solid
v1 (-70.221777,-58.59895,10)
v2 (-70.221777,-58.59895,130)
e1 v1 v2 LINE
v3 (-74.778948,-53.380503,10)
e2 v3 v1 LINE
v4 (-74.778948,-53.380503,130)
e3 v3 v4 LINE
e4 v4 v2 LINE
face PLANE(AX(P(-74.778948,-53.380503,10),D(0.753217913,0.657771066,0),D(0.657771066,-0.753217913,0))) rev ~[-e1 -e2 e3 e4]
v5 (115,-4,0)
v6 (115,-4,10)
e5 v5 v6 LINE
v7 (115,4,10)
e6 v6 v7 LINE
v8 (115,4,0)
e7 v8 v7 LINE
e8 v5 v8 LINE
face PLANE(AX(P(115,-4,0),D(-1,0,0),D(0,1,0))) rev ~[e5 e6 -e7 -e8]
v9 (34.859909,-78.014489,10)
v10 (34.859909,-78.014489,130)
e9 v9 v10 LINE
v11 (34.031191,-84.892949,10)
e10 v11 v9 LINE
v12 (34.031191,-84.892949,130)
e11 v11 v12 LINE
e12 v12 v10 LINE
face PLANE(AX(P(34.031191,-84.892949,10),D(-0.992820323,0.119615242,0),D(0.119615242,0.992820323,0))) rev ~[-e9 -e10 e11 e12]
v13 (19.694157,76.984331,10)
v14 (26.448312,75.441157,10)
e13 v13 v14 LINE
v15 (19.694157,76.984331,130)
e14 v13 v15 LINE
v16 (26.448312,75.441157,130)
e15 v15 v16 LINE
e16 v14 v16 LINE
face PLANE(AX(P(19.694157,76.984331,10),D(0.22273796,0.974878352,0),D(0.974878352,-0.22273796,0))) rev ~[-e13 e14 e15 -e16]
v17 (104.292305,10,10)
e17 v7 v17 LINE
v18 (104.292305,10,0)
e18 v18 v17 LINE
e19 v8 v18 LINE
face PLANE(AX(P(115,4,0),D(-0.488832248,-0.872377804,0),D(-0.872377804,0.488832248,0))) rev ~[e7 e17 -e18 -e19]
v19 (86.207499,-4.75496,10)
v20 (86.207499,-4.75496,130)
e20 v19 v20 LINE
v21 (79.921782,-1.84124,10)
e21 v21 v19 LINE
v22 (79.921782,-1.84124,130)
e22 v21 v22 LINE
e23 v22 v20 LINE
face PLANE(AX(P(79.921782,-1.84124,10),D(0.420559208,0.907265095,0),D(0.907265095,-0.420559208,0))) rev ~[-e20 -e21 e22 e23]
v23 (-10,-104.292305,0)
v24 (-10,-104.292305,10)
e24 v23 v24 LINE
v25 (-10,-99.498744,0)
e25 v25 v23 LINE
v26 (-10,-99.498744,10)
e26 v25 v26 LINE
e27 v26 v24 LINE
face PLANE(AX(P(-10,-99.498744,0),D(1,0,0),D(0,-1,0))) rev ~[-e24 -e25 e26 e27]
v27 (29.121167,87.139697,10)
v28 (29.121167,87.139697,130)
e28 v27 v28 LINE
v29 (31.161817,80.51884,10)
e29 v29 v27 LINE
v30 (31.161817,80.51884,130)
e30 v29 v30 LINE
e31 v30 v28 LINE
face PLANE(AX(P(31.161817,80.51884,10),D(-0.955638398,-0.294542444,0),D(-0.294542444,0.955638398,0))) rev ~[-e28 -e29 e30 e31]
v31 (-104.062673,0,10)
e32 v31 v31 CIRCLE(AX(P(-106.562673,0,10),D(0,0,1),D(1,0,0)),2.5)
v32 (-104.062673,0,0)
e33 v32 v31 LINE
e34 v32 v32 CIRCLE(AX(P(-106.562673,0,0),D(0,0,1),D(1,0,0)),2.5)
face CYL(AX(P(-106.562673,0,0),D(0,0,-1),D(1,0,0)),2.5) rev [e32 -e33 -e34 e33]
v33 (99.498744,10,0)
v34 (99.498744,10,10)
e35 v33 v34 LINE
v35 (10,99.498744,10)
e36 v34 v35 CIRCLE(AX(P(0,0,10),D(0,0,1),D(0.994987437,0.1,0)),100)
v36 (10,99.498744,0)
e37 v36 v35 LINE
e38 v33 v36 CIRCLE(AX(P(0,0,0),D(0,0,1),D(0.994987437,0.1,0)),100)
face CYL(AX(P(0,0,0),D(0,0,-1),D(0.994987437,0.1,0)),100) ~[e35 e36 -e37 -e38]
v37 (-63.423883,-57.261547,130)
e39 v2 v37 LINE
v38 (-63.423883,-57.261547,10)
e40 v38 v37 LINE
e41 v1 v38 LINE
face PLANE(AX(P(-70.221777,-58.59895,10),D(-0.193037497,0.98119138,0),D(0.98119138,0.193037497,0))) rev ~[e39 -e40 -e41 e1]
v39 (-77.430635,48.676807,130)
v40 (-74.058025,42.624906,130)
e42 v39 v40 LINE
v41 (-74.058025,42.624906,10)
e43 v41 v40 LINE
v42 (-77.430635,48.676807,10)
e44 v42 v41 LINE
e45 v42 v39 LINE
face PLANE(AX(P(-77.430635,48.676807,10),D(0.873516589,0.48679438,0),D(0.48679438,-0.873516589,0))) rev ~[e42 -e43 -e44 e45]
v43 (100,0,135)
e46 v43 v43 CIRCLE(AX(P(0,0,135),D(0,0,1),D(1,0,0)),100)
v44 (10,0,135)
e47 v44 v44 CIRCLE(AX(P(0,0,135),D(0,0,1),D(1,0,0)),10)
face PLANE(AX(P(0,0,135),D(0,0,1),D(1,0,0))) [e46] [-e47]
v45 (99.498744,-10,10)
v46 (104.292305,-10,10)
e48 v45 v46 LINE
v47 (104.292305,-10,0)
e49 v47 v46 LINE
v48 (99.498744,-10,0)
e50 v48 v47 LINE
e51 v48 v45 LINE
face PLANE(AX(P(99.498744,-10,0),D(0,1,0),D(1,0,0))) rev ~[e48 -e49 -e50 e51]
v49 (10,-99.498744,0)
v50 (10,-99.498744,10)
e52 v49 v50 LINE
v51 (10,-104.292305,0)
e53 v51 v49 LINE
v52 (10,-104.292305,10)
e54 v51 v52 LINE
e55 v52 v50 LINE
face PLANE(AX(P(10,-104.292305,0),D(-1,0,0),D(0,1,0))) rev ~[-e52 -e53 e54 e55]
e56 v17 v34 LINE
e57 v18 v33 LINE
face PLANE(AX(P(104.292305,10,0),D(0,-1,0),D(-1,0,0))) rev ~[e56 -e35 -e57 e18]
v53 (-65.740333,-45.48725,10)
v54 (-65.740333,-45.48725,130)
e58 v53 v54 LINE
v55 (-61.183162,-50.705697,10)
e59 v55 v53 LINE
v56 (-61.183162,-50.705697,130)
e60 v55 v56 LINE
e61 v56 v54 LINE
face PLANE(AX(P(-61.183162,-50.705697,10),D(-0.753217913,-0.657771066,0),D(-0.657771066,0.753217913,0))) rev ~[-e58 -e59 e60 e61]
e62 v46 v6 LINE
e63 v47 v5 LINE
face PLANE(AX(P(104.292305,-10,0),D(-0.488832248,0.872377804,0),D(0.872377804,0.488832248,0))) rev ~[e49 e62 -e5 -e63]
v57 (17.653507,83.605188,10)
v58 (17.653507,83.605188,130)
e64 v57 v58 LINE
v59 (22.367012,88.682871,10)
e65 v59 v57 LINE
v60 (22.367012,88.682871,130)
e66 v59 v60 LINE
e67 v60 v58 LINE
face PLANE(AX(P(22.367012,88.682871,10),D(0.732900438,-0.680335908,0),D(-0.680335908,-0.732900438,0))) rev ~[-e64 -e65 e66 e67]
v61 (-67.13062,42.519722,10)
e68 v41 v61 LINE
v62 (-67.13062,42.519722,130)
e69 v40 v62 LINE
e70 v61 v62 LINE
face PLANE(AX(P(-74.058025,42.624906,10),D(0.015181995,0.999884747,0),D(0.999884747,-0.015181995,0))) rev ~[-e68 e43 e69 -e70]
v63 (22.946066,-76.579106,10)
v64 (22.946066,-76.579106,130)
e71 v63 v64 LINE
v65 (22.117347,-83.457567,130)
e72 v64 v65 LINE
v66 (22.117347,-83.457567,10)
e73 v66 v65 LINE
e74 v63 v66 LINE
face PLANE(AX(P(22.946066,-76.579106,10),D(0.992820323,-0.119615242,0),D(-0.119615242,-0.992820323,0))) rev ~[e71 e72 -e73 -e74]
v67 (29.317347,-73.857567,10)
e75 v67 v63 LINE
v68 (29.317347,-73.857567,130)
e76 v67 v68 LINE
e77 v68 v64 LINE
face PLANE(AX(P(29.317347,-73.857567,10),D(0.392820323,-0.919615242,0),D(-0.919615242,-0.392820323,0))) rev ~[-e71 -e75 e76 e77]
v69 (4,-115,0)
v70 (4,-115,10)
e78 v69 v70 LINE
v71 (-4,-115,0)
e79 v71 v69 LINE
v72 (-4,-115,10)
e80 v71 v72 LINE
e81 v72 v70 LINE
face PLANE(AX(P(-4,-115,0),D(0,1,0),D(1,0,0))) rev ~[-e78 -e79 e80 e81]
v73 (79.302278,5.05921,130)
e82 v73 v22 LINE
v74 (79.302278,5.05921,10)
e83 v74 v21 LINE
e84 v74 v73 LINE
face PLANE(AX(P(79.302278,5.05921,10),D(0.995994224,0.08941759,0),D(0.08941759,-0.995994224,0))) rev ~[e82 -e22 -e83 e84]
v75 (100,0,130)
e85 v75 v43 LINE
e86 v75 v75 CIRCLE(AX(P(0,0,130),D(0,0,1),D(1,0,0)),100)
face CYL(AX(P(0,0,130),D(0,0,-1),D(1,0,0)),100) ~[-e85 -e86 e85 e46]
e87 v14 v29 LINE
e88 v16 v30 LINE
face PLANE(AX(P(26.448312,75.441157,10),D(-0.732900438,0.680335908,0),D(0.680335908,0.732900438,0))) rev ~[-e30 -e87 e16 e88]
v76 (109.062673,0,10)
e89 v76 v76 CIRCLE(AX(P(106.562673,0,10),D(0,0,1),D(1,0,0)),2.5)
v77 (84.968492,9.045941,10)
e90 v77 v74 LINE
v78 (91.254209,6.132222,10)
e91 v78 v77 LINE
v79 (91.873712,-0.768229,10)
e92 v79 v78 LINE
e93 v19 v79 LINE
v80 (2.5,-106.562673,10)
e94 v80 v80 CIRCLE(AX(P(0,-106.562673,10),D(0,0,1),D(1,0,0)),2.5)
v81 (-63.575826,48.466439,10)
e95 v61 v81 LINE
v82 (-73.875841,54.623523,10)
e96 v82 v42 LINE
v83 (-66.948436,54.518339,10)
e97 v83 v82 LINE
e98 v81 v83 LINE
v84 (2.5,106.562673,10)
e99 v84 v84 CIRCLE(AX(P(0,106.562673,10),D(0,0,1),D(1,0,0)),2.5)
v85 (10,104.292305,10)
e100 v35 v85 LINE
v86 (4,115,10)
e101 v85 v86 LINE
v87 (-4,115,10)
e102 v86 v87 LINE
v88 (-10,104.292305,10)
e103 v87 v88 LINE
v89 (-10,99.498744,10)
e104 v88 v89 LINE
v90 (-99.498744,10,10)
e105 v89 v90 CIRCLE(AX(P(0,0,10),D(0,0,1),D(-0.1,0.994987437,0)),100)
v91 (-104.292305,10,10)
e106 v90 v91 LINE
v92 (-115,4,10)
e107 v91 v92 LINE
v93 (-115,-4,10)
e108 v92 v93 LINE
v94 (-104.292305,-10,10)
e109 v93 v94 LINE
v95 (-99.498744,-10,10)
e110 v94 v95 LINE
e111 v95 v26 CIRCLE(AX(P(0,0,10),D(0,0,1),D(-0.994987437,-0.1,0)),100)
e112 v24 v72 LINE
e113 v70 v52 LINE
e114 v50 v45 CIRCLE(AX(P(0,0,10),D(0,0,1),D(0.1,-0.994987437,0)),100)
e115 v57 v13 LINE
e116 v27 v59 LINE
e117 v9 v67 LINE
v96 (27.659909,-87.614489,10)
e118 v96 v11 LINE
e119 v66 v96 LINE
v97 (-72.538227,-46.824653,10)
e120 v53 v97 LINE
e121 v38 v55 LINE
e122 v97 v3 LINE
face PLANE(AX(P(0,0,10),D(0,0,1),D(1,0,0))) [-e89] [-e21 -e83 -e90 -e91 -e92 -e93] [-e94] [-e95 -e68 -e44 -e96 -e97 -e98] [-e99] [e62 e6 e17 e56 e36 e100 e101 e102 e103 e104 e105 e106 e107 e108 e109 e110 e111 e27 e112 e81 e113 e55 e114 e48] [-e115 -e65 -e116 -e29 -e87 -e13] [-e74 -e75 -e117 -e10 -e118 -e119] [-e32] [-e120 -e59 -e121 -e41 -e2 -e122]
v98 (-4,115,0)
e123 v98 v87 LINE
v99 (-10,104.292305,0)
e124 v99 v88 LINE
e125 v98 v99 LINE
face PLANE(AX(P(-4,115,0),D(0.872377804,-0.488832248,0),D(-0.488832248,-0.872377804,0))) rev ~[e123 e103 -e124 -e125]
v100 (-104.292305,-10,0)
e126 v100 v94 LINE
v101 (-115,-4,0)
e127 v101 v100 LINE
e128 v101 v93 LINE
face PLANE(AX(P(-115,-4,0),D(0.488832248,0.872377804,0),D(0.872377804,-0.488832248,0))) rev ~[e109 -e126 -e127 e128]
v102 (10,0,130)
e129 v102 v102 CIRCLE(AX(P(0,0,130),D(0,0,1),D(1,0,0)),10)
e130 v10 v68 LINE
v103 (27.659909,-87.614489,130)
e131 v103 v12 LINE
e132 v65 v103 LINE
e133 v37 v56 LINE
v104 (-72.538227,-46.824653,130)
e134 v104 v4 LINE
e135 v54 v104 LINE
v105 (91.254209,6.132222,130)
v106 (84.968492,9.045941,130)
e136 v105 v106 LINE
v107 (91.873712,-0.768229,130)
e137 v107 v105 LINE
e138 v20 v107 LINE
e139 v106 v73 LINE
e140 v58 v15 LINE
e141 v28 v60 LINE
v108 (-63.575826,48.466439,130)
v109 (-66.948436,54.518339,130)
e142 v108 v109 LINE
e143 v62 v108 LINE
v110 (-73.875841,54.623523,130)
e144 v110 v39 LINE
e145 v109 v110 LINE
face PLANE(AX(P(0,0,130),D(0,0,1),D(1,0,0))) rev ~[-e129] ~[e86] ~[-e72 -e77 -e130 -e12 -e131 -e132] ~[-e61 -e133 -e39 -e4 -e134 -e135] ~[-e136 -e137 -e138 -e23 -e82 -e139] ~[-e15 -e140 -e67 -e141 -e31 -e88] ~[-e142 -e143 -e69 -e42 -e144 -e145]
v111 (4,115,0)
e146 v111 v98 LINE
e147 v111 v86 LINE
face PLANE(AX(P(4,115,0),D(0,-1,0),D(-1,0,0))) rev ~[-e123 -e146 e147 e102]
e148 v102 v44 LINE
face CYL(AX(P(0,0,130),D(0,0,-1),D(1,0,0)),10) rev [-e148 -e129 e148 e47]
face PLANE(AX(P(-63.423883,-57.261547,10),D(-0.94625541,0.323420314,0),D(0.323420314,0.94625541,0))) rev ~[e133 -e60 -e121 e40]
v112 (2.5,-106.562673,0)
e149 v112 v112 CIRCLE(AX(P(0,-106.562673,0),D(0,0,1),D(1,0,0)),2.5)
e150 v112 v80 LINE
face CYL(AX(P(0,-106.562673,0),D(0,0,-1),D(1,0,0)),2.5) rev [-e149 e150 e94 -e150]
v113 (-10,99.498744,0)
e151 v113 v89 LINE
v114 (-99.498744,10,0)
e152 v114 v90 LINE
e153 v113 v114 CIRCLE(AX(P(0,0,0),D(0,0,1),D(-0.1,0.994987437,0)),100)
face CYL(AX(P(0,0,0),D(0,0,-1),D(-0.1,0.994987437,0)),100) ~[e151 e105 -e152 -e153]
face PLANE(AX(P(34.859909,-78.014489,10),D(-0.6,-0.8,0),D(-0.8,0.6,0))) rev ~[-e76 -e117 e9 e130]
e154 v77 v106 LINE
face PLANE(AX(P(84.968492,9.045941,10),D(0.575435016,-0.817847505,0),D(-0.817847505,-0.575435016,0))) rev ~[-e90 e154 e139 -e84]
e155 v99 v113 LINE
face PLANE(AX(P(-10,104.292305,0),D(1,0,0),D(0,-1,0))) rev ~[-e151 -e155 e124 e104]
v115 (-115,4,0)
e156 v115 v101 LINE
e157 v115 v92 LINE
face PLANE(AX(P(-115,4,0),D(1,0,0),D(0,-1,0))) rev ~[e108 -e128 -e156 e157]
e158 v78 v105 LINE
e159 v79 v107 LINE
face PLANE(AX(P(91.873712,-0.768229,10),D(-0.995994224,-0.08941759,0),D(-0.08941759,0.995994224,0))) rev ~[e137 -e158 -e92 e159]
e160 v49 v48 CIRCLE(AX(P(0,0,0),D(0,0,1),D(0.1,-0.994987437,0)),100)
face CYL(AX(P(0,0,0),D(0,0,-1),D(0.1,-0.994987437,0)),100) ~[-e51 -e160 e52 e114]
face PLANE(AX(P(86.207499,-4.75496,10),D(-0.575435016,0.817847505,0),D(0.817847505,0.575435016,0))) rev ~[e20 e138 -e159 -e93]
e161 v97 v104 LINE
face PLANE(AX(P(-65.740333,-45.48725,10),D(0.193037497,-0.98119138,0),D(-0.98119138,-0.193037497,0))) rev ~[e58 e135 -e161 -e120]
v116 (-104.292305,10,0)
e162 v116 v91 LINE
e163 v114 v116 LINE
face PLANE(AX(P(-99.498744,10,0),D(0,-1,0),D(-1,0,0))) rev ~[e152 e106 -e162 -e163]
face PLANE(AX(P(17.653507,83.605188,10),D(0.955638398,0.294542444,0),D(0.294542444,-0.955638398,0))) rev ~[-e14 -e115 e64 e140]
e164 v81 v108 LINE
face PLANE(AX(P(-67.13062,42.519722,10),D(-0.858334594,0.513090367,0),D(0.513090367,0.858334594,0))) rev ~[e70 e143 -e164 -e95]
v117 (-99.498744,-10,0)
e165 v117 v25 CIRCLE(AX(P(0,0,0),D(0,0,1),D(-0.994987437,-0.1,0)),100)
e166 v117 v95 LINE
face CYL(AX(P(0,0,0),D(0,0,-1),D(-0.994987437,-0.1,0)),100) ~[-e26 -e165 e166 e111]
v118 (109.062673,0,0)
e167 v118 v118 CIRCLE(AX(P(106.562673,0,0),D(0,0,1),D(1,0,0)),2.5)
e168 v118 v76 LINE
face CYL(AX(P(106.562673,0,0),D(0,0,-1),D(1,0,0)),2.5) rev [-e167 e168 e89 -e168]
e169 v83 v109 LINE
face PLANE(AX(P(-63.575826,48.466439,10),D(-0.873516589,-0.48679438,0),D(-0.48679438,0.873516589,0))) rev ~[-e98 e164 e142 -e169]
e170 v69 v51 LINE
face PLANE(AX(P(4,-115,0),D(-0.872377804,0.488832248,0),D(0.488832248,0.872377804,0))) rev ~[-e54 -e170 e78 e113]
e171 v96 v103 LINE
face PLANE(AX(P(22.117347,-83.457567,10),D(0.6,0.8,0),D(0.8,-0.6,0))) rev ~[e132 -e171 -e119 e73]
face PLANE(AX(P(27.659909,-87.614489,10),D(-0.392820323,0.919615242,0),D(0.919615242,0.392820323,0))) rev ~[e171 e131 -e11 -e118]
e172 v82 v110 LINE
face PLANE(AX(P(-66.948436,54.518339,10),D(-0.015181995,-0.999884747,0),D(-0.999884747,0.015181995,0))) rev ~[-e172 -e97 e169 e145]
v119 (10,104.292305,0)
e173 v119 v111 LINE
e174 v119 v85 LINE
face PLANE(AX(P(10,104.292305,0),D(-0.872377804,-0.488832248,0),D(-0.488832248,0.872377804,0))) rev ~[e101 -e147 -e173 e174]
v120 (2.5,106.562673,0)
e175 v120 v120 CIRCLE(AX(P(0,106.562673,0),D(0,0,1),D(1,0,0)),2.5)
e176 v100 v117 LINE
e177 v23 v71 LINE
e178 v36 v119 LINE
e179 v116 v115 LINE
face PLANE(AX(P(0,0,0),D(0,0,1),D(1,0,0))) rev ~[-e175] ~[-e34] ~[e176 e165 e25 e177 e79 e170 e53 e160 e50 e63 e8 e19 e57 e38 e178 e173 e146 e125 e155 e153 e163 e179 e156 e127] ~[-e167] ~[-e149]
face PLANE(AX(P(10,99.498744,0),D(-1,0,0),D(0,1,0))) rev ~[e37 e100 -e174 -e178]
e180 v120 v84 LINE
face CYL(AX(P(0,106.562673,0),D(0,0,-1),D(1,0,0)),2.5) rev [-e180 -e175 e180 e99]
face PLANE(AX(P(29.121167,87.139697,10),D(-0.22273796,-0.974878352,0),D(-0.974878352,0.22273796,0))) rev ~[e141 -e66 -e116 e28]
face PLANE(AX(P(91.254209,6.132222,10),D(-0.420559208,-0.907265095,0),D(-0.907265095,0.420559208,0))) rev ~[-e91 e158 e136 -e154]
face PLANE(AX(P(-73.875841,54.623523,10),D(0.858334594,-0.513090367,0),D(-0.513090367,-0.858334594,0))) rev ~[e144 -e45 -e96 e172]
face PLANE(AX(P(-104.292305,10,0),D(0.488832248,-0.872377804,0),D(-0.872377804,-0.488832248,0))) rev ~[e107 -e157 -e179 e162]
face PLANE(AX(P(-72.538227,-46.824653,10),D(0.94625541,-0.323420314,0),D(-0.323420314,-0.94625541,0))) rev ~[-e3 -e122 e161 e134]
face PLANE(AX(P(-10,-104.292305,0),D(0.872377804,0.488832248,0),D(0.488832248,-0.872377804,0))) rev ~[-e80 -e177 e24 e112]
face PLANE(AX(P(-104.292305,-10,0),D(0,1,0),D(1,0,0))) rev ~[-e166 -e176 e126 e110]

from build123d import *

# Parameters (mm, degrees)
SKETCH1_R           = 2.5
BOSS_EXTRUDE1_DEPTH = 10
BOSS_EXTRUDE2_DEPTH = 120
SKETCH3_R           = 100
SKETCH3_R_2         = 10
BOSS_EXTRUDE3_DEPTH = 5


with BuildPart() as part:
    # Sketch1 → Boss-Extrude1 (new body)
    with BuildSketch(Plane.XY):
        with BuildLine():
            Line((10, 99.498743711), (10, 104.292304576))
            Line((10, 104.292304576), (4, 115))
            Line((4, 115), (-4, 115))
            Line((-4, 115), (-10, 104.292304576))
            Line((-10, 104.292304576), (-10, 99.498743711))
            ThreePointArc((-10, 99.498743711), (-70.710678119, 70.710678119), (-99.498743711, 10))
            Line((-99.498743711, 10), (-104.292304576, 10))
            Line((-104.292304576, 10), (-115, 4))
            Line((-115, 4), (-115, -4))
            Line((-115, -4), (-104.292304576, -10))
            Line((-104.292304576, -10), (-99.498743711, -10))
            ThreePointArc((-99.498743711, -10), (-70.710678119, -70.710678119), (-10, -99.498743711))
            Line((-10, -99.498743711), (-10, -104.292304576))
            Line((-10, -104.292304576), (-4, -115))
            Line((-4, -115), (4, -115))
            Line((4, -115), (10, -104.292304576))
            Line((10, -104.292304576), (10, -99.498743711))
            ThreePointArc((10, -99.498743711), (70.710678119, -70.710678119), (99.498743711, -10))
            Line((99.498743711, -10), (104.292304576, -10))
            Line((104.292304576, -10), (115, -4))
            Line((115, -4), (115, 4))
            Line((115, 4), (104.292304576, 10))
            Line((104.292304576, 10), (99.498743711, 10))
            ThreePointArc((99.498743711, 10), (70.710678119, 70.710678119), (10, 99.498743711))
        make_face()
        with Locations((-106.562672681, 0)):
            Circle(SKETCH1_R, mode=Mode.SUBTRACT)
        with Locations((106.562672681, 0)):
            Circle(SKETCH1_R, mode=Mode.SUBTRACT)
        with Locations((0, 106.562672681)):
            Circle(SKETCH1_R, mode=Mode.SUBTRACT)
        with Locations((0, -106.562672681)):
            Circle(SKETCH1_R, mode=Mode.SUBTRACT)
    extrude(amount=BOSS_EXTRUDE1_DEPTH)

    # Sketch2 → Boss-Extrude2 (add)
    with BuildSketch(Plane.XY.offset(10)):
        Polygon((-61.183161588, -50.705696973), (-65.740333213, -45.487250194), (-72.538226504, -46.824653202), (-74.77894817, -53.380502987), (-70.221776545, -58.598949766), (-63.423883254, -57.261546759), align=None)
        Polygon((34.031190696, -84.892949499), (34.859909403, -78.01448853), (29.317346819, -73.857566592), (22.946065527, -76.579105623), (22.117346819, -83.457566592), (27.659909403, -87.61448853), align=None)
        Polygon((-67.13062022, 42.519722439), (-63.575825884, 48.466438948), (-66.948436282, 54.518339402), (-73.875841015, 54.623523347), (-77.430635351, 48.676806839), (-74.058024953, 42.624906385), align=None)
        Polygon((19.694156606, 76.984330633), (26.448311953, 75.441156778), (31.161817388, 80.518839962), (29.121167475, 87.139697001), (22.367012128, 88.682870856), (17.653506693, 83.605187672), align=None)
        Polygon((79.302278382, 5.059210493), (79.921781616, -1.841239909), (86.207498579, -4.75495957), (91.873712307, -0.768228831), (91.254209072, 6.13222157), (84.96849211, 9.045941232), align=None)
    extrude(amount=BOSS_EXTRUDE2_DEPTH)

    # Sketch3 → Boss-Extrude3 (add)
    with BuildSketch(Plane.XY.offset(130)):
        Circle(SKETCH3_R)
        Circle(SKETCH3_R_2, mode=Mode.SUBTRACT)
    extrude(amount=BOSS_EXTRUDE3_DEPTH)


solid = part.part
